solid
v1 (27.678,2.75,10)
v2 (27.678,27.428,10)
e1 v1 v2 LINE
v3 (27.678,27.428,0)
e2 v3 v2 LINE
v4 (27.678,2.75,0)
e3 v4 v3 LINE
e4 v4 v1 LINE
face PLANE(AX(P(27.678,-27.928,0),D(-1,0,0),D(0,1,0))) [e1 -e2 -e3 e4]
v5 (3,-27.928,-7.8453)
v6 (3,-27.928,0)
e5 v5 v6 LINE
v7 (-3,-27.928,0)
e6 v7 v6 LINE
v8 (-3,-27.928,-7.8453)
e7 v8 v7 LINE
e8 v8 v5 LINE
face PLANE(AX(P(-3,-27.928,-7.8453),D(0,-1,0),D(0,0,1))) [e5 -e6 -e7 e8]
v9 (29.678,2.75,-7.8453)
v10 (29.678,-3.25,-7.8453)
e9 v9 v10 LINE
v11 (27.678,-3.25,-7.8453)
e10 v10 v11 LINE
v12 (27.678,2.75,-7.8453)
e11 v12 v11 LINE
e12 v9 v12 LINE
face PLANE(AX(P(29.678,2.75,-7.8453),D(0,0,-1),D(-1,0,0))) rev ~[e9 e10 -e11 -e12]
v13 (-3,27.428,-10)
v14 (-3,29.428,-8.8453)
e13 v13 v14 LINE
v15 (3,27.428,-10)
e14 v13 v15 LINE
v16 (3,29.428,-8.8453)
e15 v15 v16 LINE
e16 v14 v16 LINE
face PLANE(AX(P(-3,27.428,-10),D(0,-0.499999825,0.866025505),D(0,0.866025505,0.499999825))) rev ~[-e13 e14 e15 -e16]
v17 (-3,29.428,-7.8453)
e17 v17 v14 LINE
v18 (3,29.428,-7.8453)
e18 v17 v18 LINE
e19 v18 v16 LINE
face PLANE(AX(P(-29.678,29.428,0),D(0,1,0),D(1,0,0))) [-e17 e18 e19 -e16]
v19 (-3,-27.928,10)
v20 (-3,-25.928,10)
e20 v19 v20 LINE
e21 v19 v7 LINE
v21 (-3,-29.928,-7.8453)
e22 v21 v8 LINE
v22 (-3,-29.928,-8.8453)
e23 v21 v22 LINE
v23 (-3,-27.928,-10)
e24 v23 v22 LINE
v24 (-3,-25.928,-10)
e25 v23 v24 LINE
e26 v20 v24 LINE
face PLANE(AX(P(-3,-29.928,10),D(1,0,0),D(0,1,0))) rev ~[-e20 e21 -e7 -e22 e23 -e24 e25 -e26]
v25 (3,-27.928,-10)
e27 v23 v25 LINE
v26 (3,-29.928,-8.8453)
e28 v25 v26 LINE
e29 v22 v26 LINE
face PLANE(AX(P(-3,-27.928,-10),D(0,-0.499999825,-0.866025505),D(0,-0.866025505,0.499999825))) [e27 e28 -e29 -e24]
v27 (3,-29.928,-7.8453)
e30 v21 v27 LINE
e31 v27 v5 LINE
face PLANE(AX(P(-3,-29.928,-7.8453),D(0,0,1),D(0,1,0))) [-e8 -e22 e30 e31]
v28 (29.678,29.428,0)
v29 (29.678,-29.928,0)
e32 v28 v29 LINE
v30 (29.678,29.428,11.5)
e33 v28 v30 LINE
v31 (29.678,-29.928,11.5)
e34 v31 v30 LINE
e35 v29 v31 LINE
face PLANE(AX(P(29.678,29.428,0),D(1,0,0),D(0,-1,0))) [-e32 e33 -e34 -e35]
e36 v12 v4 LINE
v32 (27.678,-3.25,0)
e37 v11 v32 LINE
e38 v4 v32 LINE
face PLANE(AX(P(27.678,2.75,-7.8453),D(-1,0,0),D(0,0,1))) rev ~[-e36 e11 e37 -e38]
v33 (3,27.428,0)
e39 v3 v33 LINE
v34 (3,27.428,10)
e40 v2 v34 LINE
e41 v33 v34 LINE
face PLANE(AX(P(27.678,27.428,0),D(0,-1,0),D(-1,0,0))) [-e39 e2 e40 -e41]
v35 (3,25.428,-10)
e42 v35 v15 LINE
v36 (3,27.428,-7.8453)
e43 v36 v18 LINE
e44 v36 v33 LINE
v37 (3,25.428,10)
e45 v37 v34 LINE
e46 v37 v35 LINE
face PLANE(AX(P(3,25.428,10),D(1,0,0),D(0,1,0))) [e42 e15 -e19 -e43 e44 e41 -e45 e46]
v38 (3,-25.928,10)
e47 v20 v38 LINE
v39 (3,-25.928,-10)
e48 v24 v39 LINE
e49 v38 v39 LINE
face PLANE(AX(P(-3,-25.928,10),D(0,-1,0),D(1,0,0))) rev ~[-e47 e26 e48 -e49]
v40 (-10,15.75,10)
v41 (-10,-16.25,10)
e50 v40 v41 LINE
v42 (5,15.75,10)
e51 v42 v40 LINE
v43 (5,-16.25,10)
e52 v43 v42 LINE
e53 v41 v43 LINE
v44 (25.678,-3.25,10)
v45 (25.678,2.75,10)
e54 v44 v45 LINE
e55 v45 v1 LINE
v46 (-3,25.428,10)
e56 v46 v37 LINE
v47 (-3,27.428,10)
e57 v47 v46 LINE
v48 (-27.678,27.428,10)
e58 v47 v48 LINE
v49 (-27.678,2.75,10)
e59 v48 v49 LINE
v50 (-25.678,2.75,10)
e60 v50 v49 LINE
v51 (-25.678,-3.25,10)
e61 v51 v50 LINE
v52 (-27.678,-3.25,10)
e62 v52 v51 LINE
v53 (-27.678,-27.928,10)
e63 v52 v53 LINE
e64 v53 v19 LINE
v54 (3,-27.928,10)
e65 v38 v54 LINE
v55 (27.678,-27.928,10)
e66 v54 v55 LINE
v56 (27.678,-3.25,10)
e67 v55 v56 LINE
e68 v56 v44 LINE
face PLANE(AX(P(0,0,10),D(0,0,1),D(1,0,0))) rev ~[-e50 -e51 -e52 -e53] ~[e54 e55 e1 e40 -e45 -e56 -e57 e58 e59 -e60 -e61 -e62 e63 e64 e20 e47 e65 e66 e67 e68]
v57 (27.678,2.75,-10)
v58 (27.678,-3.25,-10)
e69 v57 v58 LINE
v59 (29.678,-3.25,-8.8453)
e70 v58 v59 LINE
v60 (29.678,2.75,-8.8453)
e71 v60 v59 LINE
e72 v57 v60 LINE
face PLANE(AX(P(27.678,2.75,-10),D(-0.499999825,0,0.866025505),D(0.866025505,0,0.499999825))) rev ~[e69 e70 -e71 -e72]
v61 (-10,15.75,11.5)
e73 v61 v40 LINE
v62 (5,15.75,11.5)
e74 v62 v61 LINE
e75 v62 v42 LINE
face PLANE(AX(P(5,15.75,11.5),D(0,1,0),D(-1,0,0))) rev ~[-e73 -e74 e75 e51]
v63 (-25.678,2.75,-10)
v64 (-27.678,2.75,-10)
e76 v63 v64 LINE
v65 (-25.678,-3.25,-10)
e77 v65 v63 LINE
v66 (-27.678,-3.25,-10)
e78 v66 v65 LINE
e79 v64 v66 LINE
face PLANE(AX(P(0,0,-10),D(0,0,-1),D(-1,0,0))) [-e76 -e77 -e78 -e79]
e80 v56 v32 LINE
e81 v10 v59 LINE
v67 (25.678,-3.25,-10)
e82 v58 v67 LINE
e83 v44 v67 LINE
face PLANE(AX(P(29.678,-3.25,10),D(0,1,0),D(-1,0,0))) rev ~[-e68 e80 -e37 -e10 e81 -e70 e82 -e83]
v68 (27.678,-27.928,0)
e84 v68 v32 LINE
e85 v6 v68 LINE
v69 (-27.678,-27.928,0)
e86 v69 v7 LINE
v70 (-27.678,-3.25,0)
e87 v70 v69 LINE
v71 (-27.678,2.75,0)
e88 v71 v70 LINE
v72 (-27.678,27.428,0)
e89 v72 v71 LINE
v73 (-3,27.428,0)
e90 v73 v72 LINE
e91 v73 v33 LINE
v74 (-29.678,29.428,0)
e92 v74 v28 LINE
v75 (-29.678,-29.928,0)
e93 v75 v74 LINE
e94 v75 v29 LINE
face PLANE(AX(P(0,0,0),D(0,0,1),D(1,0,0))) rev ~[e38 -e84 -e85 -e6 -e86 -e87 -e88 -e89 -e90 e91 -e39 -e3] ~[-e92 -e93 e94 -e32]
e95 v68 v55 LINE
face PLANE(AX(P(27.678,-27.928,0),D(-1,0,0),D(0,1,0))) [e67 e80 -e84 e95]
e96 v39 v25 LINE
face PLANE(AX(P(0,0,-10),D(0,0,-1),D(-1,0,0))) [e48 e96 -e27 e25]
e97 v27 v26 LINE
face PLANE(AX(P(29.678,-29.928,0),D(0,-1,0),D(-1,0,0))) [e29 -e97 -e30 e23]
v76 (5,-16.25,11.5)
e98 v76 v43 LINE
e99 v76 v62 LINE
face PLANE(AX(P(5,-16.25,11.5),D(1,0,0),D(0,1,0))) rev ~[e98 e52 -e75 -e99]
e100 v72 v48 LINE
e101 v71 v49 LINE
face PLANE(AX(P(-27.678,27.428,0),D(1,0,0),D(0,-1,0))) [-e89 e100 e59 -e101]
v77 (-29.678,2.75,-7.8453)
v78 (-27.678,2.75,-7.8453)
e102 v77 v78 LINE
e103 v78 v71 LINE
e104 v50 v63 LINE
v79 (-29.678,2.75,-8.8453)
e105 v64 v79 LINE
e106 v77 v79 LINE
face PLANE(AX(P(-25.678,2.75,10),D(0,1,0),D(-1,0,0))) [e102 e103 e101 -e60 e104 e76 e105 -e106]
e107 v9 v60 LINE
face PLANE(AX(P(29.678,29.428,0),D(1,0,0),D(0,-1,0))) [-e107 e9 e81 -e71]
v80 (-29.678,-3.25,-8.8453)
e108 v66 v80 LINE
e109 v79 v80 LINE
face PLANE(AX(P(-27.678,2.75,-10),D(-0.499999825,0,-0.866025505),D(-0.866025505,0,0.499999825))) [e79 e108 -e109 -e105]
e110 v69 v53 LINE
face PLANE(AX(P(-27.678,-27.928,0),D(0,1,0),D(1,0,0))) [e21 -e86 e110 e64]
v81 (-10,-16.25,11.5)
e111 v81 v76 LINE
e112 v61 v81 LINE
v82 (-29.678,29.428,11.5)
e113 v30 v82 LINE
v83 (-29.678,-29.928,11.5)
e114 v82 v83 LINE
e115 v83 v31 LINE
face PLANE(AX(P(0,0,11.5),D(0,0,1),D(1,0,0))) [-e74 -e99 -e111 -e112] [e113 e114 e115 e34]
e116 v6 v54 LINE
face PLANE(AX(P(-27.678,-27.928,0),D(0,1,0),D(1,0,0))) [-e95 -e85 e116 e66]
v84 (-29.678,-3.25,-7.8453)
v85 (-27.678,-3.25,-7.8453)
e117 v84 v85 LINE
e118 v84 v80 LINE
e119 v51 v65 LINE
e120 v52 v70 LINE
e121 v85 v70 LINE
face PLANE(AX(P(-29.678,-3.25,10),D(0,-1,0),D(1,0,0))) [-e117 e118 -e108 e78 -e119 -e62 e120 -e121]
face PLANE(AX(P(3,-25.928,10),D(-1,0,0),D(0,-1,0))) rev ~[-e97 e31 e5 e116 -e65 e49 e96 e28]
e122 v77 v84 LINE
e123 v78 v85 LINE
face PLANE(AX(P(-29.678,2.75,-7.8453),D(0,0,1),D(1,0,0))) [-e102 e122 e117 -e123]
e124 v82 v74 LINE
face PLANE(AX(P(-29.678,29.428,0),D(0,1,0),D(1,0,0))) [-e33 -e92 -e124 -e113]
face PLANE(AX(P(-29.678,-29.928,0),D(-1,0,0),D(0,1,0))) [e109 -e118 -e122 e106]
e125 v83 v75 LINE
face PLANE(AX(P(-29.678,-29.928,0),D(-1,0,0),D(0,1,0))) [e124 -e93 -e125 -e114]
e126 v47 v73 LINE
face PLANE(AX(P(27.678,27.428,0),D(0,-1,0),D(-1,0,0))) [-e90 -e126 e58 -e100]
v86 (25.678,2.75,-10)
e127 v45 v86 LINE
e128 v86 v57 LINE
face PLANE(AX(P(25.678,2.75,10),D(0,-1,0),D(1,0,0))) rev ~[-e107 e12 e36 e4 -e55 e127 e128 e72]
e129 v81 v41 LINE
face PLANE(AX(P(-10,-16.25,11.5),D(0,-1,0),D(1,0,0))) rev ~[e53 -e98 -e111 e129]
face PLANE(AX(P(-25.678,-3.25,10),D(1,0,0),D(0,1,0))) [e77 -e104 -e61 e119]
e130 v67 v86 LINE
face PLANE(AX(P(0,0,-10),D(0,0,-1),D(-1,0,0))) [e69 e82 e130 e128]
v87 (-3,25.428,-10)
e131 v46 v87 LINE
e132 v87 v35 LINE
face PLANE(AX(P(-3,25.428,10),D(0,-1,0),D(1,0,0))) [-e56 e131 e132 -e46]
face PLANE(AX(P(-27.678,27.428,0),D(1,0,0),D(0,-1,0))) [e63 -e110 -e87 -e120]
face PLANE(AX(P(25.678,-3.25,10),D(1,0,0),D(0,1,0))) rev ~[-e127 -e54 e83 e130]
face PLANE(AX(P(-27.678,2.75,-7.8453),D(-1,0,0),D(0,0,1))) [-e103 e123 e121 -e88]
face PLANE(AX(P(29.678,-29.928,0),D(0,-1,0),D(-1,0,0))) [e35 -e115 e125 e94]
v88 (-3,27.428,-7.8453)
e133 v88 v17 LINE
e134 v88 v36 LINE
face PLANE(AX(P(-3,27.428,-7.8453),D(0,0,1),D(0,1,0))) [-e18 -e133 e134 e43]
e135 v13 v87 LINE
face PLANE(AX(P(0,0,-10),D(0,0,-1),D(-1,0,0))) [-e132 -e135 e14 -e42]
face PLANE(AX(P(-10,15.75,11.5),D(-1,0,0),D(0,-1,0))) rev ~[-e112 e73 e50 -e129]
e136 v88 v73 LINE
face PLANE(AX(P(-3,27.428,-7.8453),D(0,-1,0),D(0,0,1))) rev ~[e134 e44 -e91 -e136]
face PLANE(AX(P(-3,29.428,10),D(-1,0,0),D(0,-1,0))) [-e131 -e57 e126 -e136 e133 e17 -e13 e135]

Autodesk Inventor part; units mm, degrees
ref_plane "YZ Plane" through (0, 0, 0) normal (1, 0, 0) x (0, 1, 0)
ref_plane "XZ Plane" through (0, 0, 0) normal (0, 1, 0) x (-1, 0, 0)
ref_plane "XY Plane" through (0, 0, 0) normal (0, 0, 1) x (1, 0, 0)
sketch "Эскиз1" plane through (0, 0, 0) normal (0, 0, 1) x (1, 0, 0)
  line L0 (41.178, 40.928) -> (-41.178, 40.928) construction
  line L1 (-41.178, 40.928) -> (-41.178, -40.928) construction
  line L2 (-41.178, -40.928) -> (41.178, -40.928) construction
  line L3 (41.178, -40.928) -> (41.178, 40.928) construction
  circle A0 centre (22.7283, 19.0964) radius 1 construction
  circle A1 centre (19.3464, -22.9783) radius 1 construction
  line L4 (17.2251, 27.428) -> (22.7282, 21.9249) construction
  line L5 (22.7282, 21.9249) -> (19.8998, 19.0964) construction
  line L6 (19.8998, 19.0964) -> (22.7282, 16.268) construction
  line L7 (22.7282, 16.268) -> (25.5567, 19.0964) construction
  line L8 (25.5567, 19.0964) -> (27.678, 16.9751) construction
  line L9 (27.678, 16.9751) -> (27.678, -17.4751) construction
  line L10 (27.678, -17.4751) -> (22.1749, -22.9783) construction
  line L11 (22.1749, -22.9783) -> (19.3464, -20.1498) construction
  line L12 (19.3464, -20.1498) -> (16.518, -22.9783) construction
  line L13 (16.518, -22.9783) -> (19.3464, -25.8067) construction
  line L14 (19.3464, -25.8067) -> (17.2251, -27.928) construction
  line L15 (17.2251, -27.928) -> (-17.2251, -27.928) construction
  line L16 (-17.2251, -27.928) -> (-19.3464, -25.8067) construction
  line L17 (-19.3464, -25.8067) -> (-16.518, -22.9783) construction
  line L18 (-16.518, -22.9783) -> (-19.3464, -20.1498) construction
  line L19 (-19.3464, -20.1498) -> (-22.1749, -22.9783) construction
  line L20 (-22.1749, -22.9783) -> (-27.678, -17.4751) construction
  line L21 (-27.678, -17.4751) -> (-27.678, 16.9751) construction
  line L22 (-27.678, 16.9751) -> (-25.9871, 18.666) construction
  line L23 (-17.2251, 27.428) -> (17.2251, 27.428) construction
  line L24 (27.678, 27.428) -> (-27.678, 27.428)
  line L25 (-27.678, 27.428) -> (-27.678, -27.928)
  line L26 (-27.678, -27.928) -> (27.678, -27.928)
  line L27 (27.678, -27.928) -> (27.678, 27.428)
  line L28 (29.678, -29.928) -> (-29.678, -29.928)
  line L29 (-29.678, -29.928) -> (-29.678, 29.428)
  line L30 (-29.678, 29.428) -> (29.678, 29.428)
  line L31 (29.678, 29.428) -> (29.678, -29.928)
  circle A2 centre (-23.1587, 18.7154) radius 1 projected
  circle A3 centre (-19.3738, -22.9783) radius 1 projected
  line L32 (-25.9871, 18.666) -> (-23.1587, 15.8376) projected
  line L33 (-23.1587, 15.8376) -> (-20.3302, 18.666) projected
  line L34 (-20.3302, 18.666) -> (-23.1587, 21.4944) projected
  line L35 (-23.1587, 21.4944) -> (-17.2251, 27.428) projected
  point P0 (0, 0)
  dimension "d0" = 2
extrude "Выдавливание1" add sketch "Эскиз1" along normal blind 10 contours L28 L29 L30 L31
sketch "Эскиз2" plane through (0, 0, 10) normal (0, 0, 1) x (1, 0, 0)
  line L0 (29.678, 29.428) -> (-29.678, 29.428) projected
  line L1 (-29.678, 29.428) -> (-29.678, -29.928) projected
  line L2 (29.678, 29.428) -> (-29.678, 29.428)
  line L3 (-29.678, 29.428) -> (-29.678, -29.928)
  line L4 (-29.678, -29.928) -> (29.678, -29.928)
  line L5 (29.678, -29.928) -> (29.678, 29.428)
  point P0 (0, 0)
extrude "Выдавливание2" add sketch "Эскиз2" along normal blind 1.5
sketch "Эскиз3" plane through (0, 0, 10) normal (0, 0, -1) x (-1, 0, 0)
  line L0 (-27.678, 27.428) -> (-27.678, -27.928) construction
  line L1 (-27.678, -27.928) -> (27.678, -27.928) construction
  line L2 (27.678, -27.928) -> (27.678, 27.428) construction
  line L3 (27.678, 27.428) -> (-27.678, 27.428) construction
  line L4 (-29.678, -29.928) -> (-29.678, 29.428) construction
  line L5 (-29.678, -3.25) -> (-25.678, -3.25)
  line L6 (-25.678, -3.25) -> (-25.678, 2.75)
  line L7 (-25.678, 2.75) -> (-29.678, 2.75)
  line L8 (-29.678, 2.75) -> (-29.678, -3.25)
  line L9 (-27.678, 27.428) -> (-27.678, -27.928) construction
  line L10 (-27.678, -0.25) -> (27.678, -0.25) construction
  line L11 (0, -27.928) -> (0, 27.428) construction
  line L12 (29.678, -3.25) -> (25.678, -3.25)
  line L13 (25.678, -3.25) -> (25.678, 2.75)
  line L14 (25.678, 2.75) -> (29.678, 2.75)
  line L15 (29.678, 2.75) -> (29.678, -3.25)
  line L16 (-29.678, 29.428) -> (29.678, 29.428) construction
  line L17 (-3, 29.428) -> (3, 29.428)
  line L18 (3, 29.428) -> (3, 25.428)
  line L19 (3, 25.428) -> (-3, 25.428)
  line L20 (-3, 25.428) -> (-3, 29.428)
  line L21 (-3, -29.928) -> (3, -29.928)
  line L22 (3, -29.928) -> (3, -25.928)
  line L23 (3, -25.928) -> (-3, -25.928)
  line L24 (-3, -25.928) -> (-3, -29.928)
  point P0 (0, 0)
  dimension "d5" = 4
  dimension "d6" = 6
  dimension "d7" = 3
  dimension "d8" = 6
  dimension "d9" = 4
  dimension "d10" = 3
extrude "Выдавливание3" add sketch "Эскиз3" along normal blind 20
sketch "Эскиз4" plane through (0, 0, 11.5) normal (0, 0, 1) x (1, 0, 0)
  line L0 (-10, -16.25) -> (5, -16.25)
  line L1 (5, -16.25) -> (5, 15.75)
  line L2 (5, 15.75) -> (-10, 15.75)
  line L3 (-10, 15.75) -> (-10, -16.25)
  line L4 (-29.678, 29.428) -> (-29.678, -29.928) construction
  point P0 (0, 0)
  point P1 (-29.678, -0.25)
  dimension "d13" = 15
  dimension "d14" = 32
  dimension "d15" = 16
  dimension "d16" = 5
extrude "Выдавливание4" cut sketch "Эскиз4" against normal through all
sketch "Эскиз5" plane through (-3, -27.928, 10) normal (-1, 0, 0) x (0, 0, 1)
  line L0 (-20, -2) -> (-20, 2) projected
  line L1 (-20, 0) -> (-18.8453, -2)
  line L2 (-10, -2) -> (-20, -2) projected
  line L3 (-20, 0) -> (-17.6906, 0) construction
  line L4 (-18.8453, -2) -> (-17.8453, -2)
  line L5 (0, 2) -> (-20, 2) projected
  line L6 (-17.8453, -2) -> (-17.8453, 0)
  line L7 (-10, -2) -> (-10, 0) projected
  line L8 (-17.8453, 0) -> (-10, 0)
  line L9 (-10, 0) -> (-10, -2)
  line L10 (-10, -2) -> (-17.8453, -2)
  line L11 (-18.8453, -2) -> (-20, -2)
  line L12 (-20, -2) -> (-20, 0)
  point P0 (-10, 27.928)
  point P1 (-17.8453, -2)
  dimension "d19" = 60
  dimension "d20" = 1
extrude "Выдавливание5" cut sketch "Эскиз5" against normal up to surface (6 mm away)
sketch "Эскиз6" plane through (-3, 25.428, 10) normal (-1, 0, 0) x (0, 0, 1)
  line L0 (-20, 4) -> (-20, 0) projected
  line L1 (-20, 2) -> (-18.8453, 4)
  line L2 (-10, 4) -> (-20, 4) projected
  line L3 (-20, 2) -> (-17.6906, 2) construction
  line L4 (-10, 4) -> (1.5, 4) projected
  line L5 (-17.8453, 4) -> (-10, 4)
  line L6 (-10, 4) -> (-10, 2)
  line L7 (-10, -22.678) -> (-10, 4) projected
  line L8 (-17.8453, 2) -> (-17.8453, 4)
  line L9 (-17.8453, 2) -> (-10, 2)
  line L10 (-10, 2) -> (-10, 4)
  line L11 (-20, 2) -> (-20, 4)
  line L12 (-18.8453, 4) -> (-20, 4)
  point P0 (-10, -25.428)
  dimension "d23" = 60
extrude "Выдавливание6" cut sketch "Эскиз6" against normal up to surface (6 mm away)
sketch "Эскиз7" plane through (25.678, 2.75, 10) normal (0, 1, 0) x (1, 0, 0)
  line L0 (4, 20) -> (0, 20) projected
  line L1 (2, 20) -> (4, 18.8453)
  line L2 (4, 10) -> (4, 20) projected
  line L3 (2, 20) -> (4.3094, 20) construction
  line L4 (4, 18.8453) -> (4, 20)
  line L5 (0, 20) -> (4, 20) projected
  line L6 (4, 20) -> (2, 20)
  line L7 (4, 17.8453) -> (2, 17.8453)
  line L8 (2, 10) -> (2, 0) projected
  line L9 (2, 17.8453) -> (2, 10)
  line L10 (-55.356, 10) -> (4, 10) projected
  line L11 (2, 10) -> (4, 10)
  line L12 (-22.678, 10) -> (2, 10) projected
  line L13 (4, 10) -> (2, 10)
  line L14 (4, 10) -> (4, 17.8453)
  point P0 (-25.678, 10)
  dimension "d27" = 30
extrude "Выдавливание7" cut sketch "Эскиз7" against normal up to surface (6 mm away)
sketch "Эскиз8" plane through (-27.678, 2.75, 10) normal (0, 1, 0) x (1, 0, 0)
  line L0 (-2, 20) -> (2, 20) projected
  line L1 (0, 20) -> (-2, 20)
  line L2 (0, 20) -> (-2, 18.8453)
  line L3 (-2, 10) -> (-2, 20) projected
  line L4 (0, 20) -> (2.3094, 20) construction
  line L5 (-2, 17.8453) -> (0, 17.8453)
  line L6 (0, 10) -> (0, 0) projected
  line L7 (0, 17.8453) -> (0, 10)
  line L8 (-2, 10) -> (57.356, 10) projected
  line L9 (0, 10) -> (-2, 10)
  line L10 (-2, 10) -> (-2, 17.8453)
  line L11 (-2, 18.8453) -> (-2, 20)
  point P0 (27.678, 10)
  dimension "d31" = 150
extrude "Выдавливание8" cut sketch "Эскиз8" against normal up to surface (6 mm away)
properties part number "Верх"
